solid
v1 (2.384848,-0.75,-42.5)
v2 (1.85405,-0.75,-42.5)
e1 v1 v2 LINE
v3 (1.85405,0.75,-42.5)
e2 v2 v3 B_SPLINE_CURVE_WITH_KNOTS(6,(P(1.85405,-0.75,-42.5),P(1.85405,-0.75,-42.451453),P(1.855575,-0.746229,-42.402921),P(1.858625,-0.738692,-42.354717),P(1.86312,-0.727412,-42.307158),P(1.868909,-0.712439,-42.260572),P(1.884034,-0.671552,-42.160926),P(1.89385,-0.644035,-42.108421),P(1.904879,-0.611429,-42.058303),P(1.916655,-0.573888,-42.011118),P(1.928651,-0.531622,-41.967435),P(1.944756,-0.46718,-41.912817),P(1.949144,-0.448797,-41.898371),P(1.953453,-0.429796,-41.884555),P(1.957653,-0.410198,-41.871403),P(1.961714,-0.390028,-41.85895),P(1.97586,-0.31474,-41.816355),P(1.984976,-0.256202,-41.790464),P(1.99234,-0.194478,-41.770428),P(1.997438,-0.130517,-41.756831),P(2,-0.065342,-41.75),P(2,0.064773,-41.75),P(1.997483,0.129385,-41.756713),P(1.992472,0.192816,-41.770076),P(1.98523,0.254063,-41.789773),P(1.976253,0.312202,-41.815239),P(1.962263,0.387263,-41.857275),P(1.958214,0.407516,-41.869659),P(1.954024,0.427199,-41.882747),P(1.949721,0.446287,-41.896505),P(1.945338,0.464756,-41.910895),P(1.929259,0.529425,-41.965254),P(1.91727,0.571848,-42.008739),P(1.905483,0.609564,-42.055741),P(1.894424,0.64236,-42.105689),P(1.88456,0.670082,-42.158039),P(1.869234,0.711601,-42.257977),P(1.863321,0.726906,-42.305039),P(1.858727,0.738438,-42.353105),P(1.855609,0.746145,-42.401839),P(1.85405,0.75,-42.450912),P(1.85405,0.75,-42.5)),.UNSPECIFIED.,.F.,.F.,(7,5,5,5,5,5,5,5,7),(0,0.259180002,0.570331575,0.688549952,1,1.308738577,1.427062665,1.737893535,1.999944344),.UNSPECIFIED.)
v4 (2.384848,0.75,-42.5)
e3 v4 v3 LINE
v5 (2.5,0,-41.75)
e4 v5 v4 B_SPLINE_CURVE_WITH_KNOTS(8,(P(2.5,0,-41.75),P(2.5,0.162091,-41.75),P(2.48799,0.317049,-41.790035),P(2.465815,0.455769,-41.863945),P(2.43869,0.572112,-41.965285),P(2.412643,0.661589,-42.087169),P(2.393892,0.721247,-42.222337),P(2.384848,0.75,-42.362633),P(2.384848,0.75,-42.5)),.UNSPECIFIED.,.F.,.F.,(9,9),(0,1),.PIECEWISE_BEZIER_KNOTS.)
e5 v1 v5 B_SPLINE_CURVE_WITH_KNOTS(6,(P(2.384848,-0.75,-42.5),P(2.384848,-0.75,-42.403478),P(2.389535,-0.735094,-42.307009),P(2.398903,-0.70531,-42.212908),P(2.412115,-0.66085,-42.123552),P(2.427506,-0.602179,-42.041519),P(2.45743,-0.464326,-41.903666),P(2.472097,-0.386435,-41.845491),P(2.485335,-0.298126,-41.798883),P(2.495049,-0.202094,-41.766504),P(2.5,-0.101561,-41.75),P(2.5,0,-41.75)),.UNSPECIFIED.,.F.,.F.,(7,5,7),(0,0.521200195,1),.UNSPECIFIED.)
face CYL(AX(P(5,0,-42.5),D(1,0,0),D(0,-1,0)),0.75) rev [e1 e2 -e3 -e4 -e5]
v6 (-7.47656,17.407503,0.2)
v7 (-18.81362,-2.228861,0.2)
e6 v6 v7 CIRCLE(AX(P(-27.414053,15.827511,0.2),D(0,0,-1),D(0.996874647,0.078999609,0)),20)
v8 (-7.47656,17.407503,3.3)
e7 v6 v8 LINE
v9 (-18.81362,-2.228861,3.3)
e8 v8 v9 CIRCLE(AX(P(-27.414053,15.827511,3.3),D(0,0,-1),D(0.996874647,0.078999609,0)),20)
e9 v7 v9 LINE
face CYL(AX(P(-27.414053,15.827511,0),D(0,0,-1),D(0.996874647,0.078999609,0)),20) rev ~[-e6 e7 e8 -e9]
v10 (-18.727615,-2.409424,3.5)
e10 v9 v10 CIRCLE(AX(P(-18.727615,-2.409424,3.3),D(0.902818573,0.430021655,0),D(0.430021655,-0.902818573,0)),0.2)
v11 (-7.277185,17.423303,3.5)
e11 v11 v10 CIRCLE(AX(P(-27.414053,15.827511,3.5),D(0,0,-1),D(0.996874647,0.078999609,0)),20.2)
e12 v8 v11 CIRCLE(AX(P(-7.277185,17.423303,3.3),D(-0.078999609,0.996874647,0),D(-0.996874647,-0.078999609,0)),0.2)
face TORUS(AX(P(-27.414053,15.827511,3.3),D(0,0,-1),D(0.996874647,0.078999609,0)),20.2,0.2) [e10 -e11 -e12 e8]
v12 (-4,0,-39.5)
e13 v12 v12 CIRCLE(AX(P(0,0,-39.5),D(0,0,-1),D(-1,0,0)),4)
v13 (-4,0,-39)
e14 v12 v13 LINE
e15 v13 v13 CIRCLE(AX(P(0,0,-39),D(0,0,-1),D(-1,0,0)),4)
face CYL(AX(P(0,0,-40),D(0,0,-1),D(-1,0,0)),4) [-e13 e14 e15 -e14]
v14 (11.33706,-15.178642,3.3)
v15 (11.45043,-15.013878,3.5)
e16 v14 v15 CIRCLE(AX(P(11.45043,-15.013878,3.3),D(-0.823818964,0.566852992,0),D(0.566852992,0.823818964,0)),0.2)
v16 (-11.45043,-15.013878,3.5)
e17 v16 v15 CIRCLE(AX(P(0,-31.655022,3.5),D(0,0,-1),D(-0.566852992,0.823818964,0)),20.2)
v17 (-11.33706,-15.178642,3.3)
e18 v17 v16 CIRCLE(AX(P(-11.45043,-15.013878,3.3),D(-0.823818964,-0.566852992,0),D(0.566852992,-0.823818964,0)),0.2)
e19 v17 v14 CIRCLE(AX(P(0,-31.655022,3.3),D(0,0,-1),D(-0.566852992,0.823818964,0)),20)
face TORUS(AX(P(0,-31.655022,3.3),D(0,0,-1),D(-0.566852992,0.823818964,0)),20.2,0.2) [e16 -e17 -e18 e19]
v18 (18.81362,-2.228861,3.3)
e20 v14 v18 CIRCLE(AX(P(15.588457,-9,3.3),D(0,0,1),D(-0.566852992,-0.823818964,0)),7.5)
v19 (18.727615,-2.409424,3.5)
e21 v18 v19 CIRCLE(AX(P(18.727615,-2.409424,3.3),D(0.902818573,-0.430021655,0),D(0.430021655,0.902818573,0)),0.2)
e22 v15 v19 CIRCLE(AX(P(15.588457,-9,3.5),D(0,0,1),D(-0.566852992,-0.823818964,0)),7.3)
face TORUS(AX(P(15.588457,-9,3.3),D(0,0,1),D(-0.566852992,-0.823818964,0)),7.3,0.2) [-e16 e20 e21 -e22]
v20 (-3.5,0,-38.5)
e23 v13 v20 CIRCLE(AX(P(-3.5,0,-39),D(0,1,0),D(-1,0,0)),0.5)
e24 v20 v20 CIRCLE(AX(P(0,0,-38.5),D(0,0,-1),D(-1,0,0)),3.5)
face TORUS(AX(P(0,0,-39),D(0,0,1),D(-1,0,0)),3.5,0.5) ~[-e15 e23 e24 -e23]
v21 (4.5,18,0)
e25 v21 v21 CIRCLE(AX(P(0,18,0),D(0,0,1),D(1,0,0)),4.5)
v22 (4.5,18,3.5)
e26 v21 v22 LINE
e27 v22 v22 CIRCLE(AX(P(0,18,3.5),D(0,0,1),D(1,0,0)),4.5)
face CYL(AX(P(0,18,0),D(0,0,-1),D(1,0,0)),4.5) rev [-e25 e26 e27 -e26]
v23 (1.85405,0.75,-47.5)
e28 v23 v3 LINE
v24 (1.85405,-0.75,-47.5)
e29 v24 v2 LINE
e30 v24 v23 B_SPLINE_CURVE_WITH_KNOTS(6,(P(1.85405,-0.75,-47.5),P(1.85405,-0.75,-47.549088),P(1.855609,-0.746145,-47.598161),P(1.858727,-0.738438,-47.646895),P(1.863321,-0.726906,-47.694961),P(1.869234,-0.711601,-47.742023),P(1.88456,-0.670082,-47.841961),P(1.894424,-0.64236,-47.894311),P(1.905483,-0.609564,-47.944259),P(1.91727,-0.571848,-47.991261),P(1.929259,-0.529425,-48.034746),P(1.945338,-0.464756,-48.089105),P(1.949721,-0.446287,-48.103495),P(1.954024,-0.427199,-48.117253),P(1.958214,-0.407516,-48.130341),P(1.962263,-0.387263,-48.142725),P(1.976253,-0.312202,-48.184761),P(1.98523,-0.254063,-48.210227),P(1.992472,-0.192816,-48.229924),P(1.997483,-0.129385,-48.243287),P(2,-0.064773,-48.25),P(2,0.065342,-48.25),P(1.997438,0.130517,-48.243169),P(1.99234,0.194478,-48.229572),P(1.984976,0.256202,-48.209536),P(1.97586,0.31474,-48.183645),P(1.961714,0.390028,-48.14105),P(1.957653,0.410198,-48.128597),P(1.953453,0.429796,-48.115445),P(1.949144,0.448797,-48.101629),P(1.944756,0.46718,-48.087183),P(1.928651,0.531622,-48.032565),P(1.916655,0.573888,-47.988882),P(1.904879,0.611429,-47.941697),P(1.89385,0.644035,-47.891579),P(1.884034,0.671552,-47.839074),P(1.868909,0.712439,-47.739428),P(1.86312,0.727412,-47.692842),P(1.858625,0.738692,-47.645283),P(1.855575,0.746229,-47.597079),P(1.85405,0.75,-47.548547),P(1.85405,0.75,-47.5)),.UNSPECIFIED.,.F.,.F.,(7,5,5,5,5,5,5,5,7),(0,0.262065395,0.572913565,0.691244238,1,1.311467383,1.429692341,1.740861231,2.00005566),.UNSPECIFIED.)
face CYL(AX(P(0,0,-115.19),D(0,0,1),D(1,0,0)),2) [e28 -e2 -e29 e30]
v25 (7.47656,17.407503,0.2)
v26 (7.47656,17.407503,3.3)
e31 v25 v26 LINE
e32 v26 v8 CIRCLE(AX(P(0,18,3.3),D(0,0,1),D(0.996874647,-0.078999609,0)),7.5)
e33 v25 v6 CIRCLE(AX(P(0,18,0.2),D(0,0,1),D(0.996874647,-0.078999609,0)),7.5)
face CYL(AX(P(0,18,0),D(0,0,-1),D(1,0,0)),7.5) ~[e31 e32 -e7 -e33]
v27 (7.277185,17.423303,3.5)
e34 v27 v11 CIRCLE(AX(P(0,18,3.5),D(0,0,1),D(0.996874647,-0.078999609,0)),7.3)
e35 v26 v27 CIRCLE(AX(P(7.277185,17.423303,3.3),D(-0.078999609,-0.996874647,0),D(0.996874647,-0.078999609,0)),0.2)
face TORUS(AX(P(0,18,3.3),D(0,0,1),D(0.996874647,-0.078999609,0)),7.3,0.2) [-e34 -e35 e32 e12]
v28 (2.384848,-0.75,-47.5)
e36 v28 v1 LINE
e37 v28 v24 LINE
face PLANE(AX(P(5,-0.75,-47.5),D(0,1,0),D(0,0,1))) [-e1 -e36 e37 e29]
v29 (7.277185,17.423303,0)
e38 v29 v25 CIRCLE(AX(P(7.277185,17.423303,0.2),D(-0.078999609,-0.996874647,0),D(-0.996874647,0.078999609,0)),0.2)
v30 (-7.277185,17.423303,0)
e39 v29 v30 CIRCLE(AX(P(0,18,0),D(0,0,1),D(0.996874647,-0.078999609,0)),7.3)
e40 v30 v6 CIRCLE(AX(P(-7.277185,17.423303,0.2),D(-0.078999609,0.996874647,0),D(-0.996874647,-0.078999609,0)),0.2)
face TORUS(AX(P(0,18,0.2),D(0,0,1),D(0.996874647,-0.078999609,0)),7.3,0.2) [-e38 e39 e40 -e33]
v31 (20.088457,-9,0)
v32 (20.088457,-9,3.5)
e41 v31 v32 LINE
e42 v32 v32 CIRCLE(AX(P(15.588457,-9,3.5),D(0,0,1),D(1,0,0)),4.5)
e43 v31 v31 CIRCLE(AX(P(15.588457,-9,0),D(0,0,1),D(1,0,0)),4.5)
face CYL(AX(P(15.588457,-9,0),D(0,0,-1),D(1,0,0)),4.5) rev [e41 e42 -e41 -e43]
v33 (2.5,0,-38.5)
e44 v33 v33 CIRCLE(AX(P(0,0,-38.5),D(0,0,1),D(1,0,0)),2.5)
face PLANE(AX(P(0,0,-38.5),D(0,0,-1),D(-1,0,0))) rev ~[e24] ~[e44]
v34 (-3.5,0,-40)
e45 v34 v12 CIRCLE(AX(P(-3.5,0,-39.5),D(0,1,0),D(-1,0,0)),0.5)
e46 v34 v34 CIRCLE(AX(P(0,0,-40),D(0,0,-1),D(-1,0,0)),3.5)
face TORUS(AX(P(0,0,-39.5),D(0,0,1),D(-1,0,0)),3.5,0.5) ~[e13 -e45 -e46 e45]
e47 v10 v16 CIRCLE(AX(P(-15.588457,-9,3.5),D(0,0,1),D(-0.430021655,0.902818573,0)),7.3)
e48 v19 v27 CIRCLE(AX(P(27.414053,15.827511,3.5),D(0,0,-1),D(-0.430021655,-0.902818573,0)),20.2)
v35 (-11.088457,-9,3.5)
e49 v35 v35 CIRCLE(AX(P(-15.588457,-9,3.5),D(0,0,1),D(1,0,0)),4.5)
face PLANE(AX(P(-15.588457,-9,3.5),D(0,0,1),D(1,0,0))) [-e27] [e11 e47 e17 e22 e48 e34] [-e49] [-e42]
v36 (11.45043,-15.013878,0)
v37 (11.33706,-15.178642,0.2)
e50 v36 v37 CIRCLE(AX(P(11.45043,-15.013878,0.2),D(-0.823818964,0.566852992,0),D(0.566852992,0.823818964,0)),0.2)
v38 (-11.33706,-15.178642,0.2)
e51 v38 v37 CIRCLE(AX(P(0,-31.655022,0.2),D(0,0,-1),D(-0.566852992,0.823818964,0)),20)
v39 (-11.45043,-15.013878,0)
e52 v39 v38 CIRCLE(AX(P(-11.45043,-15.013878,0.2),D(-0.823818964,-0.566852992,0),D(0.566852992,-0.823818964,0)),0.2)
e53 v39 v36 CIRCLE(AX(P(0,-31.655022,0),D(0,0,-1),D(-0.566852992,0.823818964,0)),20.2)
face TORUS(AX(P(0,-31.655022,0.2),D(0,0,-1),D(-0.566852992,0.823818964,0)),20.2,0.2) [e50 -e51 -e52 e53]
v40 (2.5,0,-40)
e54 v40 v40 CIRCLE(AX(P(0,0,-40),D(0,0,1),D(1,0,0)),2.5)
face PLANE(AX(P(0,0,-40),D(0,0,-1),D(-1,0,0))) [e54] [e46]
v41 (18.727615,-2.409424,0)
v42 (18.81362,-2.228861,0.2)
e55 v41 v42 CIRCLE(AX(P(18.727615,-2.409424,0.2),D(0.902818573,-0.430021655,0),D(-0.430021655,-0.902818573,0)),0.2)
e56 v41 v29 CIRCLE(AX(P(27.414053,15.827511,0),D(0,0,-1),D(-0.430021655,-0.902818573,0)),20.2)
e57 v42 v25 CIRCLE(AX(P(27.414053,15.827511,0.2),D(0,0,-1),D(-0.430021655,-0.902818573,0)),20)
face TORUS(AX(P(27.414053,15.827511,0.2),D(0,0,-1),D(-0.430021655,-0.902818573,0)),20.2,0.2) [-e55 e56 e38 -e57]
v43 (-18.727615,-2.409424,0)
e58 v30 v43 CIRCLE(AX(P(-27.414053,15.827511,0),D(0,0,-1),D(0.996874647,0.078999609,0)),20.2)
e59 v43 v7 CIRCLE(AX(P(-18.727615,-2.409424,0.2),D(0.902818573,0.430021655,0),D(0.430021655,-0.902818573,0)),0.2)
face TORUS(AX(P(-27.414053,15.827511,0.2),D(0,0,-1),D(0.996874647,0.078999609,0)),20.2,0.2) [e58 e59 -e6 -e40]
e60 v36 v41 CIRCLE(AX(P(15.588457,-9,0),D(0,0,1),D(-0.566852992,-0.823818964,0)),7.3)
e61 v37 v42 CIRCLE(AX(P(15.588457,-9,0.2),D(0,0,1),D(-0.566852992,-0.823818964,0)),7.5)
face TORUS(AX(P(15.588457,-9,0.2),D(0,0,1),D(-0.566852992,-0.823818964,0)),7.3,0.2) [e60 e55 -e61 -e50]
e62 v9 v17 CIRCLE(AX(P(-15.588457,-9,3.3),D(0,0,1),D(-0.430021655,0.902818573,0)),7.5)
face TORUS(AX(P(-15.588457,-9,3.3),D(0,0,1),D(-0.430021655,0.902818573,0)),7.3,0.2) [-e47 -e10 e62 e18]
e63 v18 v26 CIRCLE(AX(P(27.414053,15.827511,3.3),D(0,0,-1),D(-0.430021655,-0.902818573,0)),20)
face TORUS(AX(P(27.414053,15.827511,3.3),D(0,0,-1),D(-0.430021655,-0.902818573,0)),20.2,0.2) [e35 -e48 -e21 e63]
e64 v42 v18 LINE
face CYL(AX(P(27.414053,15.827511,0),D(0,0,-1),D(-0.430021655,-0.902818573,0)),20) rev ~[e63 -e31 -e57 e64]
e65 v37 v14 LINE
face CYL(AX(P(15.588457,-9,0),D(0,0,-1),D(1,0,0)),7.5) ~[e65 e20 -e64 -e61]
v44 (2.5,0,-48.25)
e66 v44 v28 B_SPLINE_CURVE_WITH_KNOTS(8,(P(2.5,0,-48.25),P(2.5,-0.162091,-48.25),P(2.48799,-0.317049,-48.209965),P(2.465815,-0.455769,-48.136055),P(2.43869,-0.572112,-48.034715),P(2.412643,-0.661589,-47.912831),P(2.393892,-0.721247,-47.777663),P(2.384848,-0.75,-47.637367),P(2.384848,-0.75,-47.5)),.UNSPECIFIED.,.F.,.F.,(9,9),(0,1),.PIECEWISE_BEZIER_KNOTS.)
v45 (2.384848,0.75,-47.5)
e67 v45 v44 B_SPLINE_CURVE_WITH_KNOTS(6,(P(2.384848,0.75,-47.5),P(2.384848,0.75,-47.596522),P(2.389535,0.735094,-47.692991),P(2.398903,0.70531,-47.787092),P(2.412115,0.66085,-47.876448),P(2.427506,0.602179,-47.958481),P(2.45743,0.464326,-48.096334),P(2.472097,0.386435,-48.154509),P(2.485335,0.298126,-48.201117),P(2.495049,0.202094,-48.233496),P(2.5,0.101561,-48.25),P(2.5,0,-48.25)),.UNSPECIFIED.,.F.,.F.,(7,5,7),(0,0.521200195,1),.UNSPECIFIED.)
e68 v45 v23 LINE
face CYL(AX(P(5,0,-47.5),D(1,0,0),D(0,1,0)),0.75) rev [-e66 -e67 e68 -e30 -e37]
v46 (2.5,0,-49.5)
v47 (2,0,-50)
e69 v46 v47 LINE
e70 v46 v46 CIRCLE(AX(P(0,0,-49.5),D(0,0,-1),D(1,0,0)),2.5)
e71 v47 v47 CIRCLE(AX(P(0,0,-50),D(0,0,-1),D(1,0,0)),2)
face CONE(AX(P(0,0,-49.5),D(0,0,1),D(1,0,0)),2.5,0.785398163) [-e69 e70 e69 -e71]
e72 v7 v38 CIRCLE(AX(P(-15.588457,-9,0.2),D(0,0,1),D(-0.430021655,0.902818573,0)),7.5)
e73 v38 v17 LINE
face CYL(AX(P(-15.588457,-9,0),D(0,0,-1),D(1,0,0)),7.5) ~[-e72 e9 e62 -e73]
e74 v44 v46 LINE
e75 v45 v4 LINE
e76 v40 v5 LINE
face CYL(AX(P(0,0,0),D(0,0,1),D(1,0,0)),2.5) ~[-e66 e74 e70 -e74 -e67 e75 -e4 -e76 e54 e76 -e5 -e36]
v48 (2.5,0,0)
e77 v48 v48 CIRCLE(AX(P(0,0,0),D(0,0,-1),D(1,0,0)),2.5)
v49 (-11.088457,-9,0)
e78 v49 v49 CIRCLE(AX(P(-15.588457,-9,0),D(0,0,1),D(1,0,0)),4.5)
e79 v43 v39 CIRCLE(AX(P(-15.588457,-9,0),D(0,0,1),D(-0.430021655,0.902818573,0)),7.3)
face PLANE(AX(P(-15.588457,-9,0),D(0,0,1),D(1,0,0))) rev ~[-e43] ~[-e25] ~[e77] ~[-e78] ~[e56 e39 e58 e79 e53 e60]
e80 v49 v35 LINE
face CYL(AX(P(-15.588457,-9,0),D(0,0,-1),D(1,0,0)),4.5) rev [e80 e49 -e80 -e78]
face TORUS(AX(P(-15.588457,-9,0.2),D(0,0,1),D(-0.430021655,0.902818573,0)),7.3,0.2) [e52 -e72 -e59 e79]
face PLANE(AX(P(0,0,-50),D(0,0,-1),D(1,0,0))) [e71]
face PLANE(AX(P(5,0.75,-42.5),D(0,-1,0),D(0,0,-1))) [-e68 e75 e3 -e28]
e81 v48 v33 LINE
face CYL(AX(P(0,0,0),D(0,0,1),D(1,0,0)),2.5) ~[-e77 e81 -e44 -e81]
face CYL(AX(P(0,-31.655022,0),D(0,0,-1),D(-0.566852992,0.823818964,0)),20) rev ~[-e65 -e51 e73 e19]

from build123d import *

# Parameters (mm, degrees)
SKETCH1_R               = 7.5
SKETCH1_R_2             = 4.5
BOSS_EXTRUDE1_DEPTH     = 3.5
SKETCH2_R               = 2.5
BOSS_EXTRUDE2_DEPTH     = 50
BOSS_EXTRUDE3_START     = -10
SKETCH3_R               = 4
BOSS_EXTRUDE3_DEPTH     = 1.5
CUT_EXTRUDE1_REACH      = 67.69
CUT_EXTRUDE1_END_RADIUS = 2
CUT_EXTRUDE1_START      = 5
CHAMFER1_SIZE           = 0.5
FILLET1_R               = 0.5
FILLET2_R               = 0.2


with BuildPart() as part:
    # Sketch1 → Boss-Extrude1 (new body)
    # profile 1 of 4: a face of its own
    with BuildSketch(Plane.XY):
        with Locations((0, 18)):
            Circle(SKETCH1_R)
        with Locations((0, 18)):
            Circle(SKETCH1_R_2, mode=Mode.SUBTRACT)
    # profile 2 of 4: a face of its own
    with BuildSketch(Plane.XY):
        with Locations((15.588457268, -9)):
            Circle(SKETCH1_R)
        with Locations((15.588457268, -9)):
            Circle(SKETCH1_R_2, mode=Mode.SUBTRACT)
    # profile 3 of 4: a face of its own
    with BuildSketch(Plane.XY):
        with BuildLine():
            ThreePointArc((7.476559852, 17.407502934), (0, 10.5), (-7.476559852, 17.407502934))
            ThreePointArc((-7.476559852, 17.407502934), (-10.093544717, 5.827510759), (-18.813619684, -2.228860702))
            ThreePointArc((-18.813619684, -2.228860702), (-11.584628982, -2.658126534), (-8.088457268, -9))
            ThreePointArc((-8.088457268, -9), (-8.950103527, -12.490309386), (-11.337059831, -15.178642232))
            ThreePointArc((-11.337059831, -15.178642232), (0, -11.655021518), (11.337059831, -15.178642232))
            ThreePointArc((11.337059831, -15.178642232), (9.09326674, -5.25), (18.813619684, -2.228860702))
            ThreePointArc((18.813619684, -2.228860702), (10.093544717, 5.827510759), (7.476559852, 17.407502934))
        make_face()
    # profile 4 of 4: a face of its own
    with BuildSketch(Plane.XY):
        with Locations((-15.588457268, -9)):
            Circle(SKETCH1_R)
        with Locations((-15.588457268, -9)):
            Circle(SKETCH1_R_2, mode=Mode.SUBTRACT)
    extrude(amount=BOSS_EXTRUDE1_DEPTH)

    # Sketch2 → Boss-Extrude2 (add)
    with BuildSketch(Plane(origin=(0, 0, 0), x_dir=(-1, 0, 0), z_dir=(0, 0, -1))):
        with Locations(Location((0, 0, 0), (0, 0, 180))):
            Circle(SKETCH2_R)
    extrude(amount=BOSS_EXTRUDE2_DEPTH)

    # Sketch3 → Boss-Extrude3 (add)
    with BuildSketch(Plane(origin=(0, 0, -50), x_dir=(-1, 0, 0), z_dir=(0, 0, -1)).offset(BOSS_EXTRUDE3_START)):
        Circle(SKETCH3_R)
    extrude(amount=-BOSS_EXTRUDE3_DEPTH)

    # Cut-Extrude1: up to this cylinder (the profile starts outside it)
    cut_extrude1_end = Plane(origin=(0, 0, -45), z_dir=(0, 0, 1)) * Cylinder(CUT_EXTRUDE1_END_RADIUS, 140.38, mode=Mode.PRIVATE)
    # Sketch5 → Cut-Extrude1 (cut, up to the surface)
    with BuildSketch(Plane(origin=(0, 0, 0), x_dir=(0, 0, -1), z_dir=(1, 0, 0)).offset(CUT_EXTRUDE1_START), mode=Mode.PRIVATE) as cut_extrude1_sk1:
        with BuildLine():
            Line((42.5, 0.75), (47.5, 0.75))
            ThreePointArc((47.5, 0.75), (48.25, 0), (47.5, -0.75))
            Line((47.5, -0.75), (42.5, -0.75))
            ThreePointArc((42.5, -0.75), (41.75, 0), (42.5, 0.75))
        make_face()
    cut_extrude1_tool1 = extrude(cut_extrude1_sk1.sketch, amount=-CUT_EXTRUDE1_REACH, mode=Mode.PRIVATE) - cut_extrude1_end
    add(cut_extrude1_tool1.solids().sort_by_distance((5, 0, -45))[0], mode=Mode.SUBTRACT)

    # Chamfer1
    chamfer1_edges = [part.edges().sort_by_distance(p)[0] for p in [
        (-2.5, 0, -50),
    ]]
    chamfer(chamfer1_edges, length=CHAMFER1_SIZE)

    # Fillet1
    fillet1_edges = [part.edges().sort_by_distance(p)[0] for p in [
        (4, 0, -38.5),
        (4, 0, -40),
    ]]
    fillet(fillet1_edges, radius=FILLET1_R)

    # Fillet2
    fillet2_edges = [part.edges().sort_by_distance(p)[0] for p in [
        (10.093544717, 5.827510759, 0),
        (22.083647797, -12.75, 0),
        (0, 25.5, 3.5),
        (0, -11.655021518, 0),
        (-22.083647797, -12.75, 0),
        (-10.093544717, 5.827510759, 0),
        (0, 25.5, 0),
        (-10.093544717, 5.827510759, 3.5),
        (-22.083647797, -12.75, 3.5),
        (0, -11.655021518, 3.5),
        (22.083647797, -12.75, 3.5),
        (10.093544717, 5.827510759, 3.5),
    ]]
    fillet(fillet2_edges, radius=FILLET2_R)


solid = part.part
